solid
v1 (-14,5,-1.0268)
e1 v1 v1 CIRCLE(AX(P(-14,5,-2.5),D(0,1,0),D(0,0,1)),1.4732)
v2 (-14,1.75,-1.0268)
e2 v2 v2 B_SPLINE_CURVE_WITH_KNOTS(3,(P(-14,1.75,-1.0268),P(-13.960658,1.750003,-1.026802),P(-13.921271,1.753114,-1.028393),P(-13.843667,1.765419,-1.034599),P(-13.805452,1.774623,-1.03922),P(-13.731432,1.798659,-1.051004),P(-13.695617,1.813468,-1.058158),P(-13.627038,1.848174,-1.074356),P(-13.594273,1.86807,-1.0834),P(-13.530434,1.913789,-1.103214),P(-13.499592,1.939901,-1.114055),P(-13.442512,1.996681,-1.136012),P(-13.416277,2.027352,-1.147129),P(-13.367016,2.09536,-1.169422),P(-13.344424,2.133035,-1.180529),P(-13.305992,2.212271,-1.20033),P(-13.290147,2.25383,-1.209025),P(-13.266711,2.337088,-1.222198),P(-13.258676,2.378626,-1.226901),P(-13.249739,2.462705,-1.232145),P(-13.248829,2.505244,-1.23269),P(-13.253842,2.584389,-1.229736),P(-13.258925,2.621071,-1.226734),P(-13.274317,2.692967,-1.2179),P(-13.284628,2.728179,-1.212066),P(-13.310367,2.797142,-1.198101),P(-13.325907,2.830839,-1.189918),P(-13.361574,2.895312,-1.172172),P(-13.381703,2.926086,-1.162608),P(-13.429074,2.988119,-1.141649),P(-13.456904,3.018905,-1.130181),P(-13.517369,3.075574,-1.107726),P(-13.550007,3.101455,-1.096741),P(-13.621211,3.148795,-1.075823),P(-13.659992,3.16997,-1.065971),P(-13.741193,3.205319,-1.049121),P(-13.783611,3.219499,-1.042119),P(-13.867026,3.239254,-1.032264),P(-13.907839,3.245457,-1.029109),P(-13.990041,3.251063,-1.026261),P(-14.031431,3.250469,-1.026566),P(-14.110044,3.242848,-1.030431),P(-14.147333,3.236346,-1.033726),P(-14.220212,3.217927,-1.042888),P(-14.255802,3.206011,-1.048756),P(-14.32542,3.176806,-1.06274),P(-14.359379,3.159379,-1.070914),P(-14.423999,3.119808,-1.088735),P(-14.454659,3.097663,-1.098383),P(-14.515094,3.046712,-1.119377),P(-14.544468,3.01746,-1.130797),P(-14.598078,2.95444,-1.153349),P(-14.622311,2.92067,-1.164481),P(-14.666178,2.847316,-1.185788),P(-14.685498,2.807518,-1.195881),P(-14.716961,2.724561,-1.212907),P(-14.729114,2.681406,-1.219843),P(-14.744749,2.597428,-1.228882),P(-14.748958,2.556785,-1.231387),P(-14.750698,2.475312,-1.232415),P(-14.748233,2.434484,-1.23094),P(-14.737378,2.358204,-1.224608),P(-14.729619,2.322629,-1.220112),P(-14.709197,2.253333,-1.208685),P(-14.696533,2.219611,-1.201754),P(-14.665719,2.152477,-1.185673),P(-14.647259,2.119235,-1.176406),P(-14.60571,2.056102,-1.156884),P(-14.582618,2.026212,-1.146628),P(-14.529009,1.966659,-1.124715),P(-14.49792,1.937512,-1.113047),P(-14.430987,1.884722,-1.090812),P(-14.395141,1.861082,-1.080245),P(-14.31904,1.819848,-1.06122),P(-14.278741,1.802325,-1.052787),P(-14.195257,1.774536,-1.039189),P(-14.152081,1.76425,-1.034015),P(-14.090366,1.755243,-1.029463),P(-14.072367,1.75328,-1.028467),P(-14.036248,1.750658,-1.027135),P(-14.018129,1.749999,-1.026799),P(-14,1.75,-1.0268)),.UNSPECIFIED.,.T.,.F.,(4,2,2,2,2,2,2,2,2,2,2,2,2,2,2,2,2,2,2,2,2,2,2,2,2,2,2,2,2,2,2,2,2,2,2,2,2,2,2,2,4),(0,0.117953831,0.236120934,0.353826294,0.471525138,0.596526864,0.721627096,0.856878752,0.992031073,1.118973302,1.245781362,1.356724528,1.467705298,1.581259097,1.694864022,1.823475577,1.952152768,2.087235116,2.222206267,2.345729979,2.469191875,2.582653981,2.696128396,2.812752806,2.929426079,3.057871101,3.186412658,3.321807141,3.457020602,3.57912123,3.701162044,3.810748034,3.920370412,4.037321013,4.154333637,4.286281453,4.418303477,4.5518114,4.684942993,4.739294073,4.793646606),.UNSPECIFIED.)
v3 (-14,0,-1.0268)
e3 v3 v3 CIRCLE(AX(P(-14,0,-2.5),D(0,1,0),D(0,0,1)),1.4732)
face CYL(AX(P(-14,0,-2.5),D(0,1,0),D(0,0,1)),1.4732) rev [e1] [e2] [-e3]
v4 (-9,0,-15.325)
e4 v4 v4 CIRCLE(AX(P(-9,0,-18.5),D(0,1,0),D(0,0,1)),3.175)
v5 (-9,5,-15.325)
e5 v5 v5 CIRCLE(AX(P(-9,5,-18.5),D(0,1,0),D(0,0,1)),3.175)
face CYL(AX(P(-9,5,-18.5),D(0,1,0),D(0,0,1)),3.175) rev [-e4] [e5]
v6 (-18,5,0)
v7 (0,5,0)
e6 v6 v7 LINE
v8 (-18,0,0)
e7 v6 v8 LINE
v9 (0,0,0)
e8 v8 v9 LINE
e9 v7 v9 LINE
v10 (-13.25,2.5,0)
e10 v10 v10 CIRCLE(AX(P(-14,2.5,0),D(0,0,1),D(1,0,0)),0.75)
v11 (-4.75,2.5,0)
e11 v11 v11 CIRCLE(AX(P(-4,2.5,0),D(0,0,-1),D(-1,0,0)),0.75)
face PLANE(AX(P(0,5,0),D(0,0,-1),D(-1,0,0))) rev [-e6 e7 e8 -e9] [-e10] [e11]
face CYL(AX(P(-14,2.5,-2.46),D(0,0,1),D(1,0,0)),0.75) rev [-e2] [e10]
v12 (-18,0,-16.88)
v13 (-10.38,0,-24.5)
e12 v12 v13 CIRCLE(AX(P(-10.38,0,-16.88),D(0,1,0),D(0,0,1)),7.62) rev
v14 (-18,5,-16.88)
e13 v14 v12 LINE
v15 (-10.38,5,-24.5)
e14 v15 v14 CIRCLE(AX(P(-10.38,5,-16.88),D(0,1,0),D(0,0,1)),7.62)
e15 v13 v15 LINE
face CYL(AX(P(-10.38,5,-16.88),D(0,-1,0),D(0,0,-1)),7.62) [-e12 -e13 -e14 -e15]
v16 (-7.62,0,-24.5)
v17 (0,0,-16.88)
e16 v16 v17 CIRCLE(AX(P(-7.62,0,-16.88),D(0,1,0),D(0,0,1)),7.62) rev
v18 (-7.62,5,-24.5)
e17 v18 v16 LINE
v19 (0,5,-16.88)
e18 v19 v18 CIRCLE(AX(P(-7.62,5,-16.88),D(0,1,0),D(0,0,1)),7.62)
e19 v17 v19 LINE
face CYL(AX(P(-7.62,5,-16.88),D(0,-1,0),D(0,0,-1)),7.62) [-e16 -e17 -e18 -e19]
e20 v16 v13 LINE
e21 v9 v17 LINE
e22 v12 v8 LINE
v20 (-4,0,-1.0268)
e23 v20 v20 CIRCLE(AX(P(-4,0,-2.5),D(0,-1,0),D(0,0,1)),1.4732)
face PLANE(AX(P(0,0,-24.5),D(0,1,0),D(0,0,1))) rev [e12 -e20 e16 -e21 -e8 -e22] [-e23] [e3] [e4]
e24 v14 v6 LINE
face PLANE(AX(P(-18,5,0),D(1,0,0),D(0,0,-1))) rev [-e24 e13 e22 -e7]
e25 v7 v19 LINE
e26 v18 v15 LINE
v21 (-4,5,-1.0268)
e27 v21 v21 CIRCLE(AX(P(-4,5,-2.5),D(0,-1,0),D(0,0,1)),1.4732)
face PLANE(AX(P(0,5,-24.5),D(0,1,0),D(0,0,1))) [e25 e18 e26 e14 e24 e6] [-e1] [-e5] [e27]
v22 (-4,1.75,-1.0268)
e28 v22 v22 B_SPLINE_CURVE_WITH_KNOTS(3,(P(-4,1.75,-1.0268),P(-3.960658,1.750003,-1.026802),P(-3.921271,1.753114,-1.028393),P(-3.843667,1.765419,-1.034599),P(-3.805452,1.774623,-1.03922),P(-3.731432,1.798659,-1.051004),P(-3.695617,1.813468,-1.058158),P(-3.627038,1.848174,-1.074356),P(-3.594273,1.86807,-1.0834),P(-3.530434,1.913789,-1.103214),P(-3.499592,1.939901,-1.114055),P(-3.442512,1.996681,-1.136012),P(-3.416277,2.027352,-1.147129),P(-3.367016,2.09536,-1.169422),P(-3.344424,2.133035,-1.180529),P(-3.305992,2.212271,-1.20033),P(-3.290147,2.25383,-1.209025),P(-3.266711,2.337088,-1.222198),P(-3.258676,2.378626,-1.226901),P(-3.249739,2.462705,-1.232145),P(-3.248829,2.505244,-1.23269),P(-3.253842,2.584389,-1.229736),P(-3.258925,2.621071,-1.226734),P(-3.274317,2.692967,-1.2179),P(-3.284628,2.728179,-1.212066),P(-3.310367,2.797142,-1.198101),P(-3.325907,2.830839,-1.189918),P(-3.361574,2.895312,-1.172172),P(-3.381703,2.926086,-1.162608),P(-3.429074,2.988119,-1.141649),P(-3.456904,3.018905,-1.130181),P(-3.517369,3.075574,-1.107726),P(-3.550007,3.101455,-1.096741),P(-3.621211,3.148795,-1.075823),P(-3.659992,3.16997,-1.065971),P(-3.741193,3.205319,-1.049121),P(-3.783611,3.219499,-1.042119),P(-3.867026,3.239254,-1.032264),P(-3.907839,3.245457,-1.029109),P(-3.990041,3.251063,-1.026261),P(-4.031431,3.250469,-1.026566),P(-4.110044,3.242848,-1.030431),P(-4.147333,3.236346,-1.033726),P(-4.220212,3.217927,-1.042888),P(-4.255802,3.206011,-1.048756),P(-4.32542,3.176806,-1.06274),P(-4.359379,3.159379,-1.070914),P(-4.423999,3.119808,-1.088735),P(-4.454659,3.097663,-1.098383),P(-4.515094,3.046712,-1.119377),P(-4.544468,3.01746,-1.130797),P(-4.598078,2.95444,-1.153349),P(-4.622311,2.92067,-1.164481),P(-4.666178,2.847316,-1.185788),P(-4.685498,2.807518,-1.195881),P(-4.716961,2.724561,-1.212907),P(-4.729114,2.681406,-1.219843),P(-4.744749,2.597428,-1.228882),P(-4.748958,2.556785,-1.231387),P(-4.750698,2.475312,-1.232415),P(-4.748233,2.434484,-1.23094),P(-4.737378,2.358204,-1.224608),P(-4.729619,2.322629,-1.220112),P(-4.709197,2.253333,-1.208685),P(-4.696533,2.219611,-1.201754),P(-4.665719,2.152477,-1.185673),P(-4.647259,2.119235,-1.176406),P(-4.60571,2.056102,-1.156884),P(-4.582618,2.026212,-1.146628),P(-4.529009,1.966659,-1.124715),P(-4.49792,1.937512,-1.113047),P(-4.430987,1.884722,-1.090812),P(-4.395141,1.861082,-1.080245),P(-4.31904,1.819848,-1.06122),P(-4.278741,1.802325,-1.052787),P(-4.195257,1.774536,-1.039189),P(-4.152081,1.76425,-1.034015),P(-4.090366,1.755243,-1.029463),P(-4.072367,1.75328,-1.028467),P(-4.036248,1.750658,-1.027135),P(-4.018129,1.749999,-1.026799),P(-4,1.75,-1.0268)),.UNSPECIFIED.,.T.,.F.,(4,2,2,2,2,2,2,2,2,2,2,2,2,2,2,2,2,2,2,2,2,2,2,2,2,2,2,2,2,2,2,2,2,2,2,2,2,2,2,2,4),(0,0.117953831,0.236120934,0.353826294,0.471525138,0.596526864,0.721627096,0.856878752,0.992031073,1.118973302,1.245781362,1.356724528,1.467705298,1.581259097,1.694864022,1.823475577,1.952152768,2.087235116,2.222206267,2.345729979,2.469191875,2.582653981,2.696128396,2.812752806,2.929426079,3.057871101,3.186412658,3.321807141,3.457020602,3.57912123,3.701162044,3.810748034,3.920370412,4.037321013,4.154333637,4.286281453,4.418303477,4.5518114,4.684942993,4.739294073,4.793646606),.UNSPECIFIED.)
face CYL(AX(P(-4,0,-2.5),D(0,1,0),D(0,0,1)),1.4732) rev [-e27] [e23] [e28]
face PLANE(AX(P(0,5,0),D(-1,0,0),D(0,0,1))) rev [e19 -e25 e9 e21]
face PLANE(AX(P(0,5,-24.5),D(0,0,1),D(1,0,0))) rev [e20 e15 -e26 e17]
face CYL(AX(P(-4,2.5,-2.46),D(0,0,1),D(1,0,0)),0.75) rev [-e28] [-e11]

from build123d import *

# Parameters (mm, degrees)
SKETCH1_W                         = 18
SKETCH1_H                         = 24.5
EXTRUDE1_DEPTH                    = 5
SKETCH3_R                         = 1.4732
EXTRUDE2_DEPTH                    = 6
SKETCH4_R                         = 0.75
EXTRUDE3_DEPTH                    = 2.46
FILLET1_R                         = 7.62
F_1_4_20_TAPPED_HOLE1_D           = 5.1054
F_1_4_20_TAPPED_HOLE1_DEPTH       = 16.51
F_1_4_20_TAPPED_HOLE1_CBORE_D     = 6.35
F_1_4_20_TAPPED_HOLE1_CBORE_DEPTH = 12.7
F_1_4_20_TAPPED_HOLE1_TIP         = 1.533816902


with BuildPart() as part:
    # Sketch1 → Extrude1 (new body)
    with BuildSketch(Plane(origin=(0, 0, 0), x_dir=(1, 0, 0), z_dir=(0, 1, 0))):
        with Locations((-9, 12.25)):
            Rectangle(SKETCH1_W, SKETCH1_H)
    extrude(amount=EXTRUDE1_DEPTH)

    # Sketch3 → Extrude2 (cut, through all)
    with BuildSketch(Plane(origin=(0, 5, 0), x_dir=(1, 0, 0), z_dir=(0, 1, 0))):
        with Locations(Location((-14, 2.5, 0), (0, 0, 270))):  # turned: the seam where the file's is
            Circle(SKETCH3_R)
    extrude2 = extrude(amount=-EXTRUDE2_DEPTH, mode=Mode.SUBTRACT)

    # Sketch4 → Extrude3 (cut)
    with BuildSketch(Plane.XY):
        with Locations((-14, 2.5)):
            Circle(SKETCH4_R)
    extrude3 = extrude(amount=-EXTRUDE3_DEPTH, mode=Mode.SUBTRACT)

    # Mirror1: Extrude2, Extrude3 across plane
    add(extrude2.mirror(Plane(origin=(-9, 0, 0), x_dir=(0, 0, 1), z_dir=(1, 0, 0))), mode=Mode.SUBTRACT)
    add(extrude3.mirror(Plane(origin=(-9, 0, 0), x_dir=(0, 0, 1), z_dir=(1, 0, 0))), mode=Mode.SUBTRACT)

    # Fillet1
    fillet1_edges = [part.edges().sort_by_distance(p)[0] for p in [
        (-18, 2.5, -24.5),
        (0, 2.5, -24.5),
    ]]
    fillet(fillet1_edges, radius=FILLET1_R)

    # 1/4-20 Tapped Hole1
    with Locations(Plane(origin=(-9, 5, -18.5), x_dir=(0, 0, 1), z_dir=(0, 1, 0))):
        with Locations((0, 0)):
            CounterBoreHole(F_1_4_20_TAPPED_HOLE1_D / 2, F_1_4_20_TAPPED_HOLE1_CBORE_D / 2, F_1_4_20_TAPPED_HOLE1_CBORE_DEPTH, depth=F_1_4_20_TAPPED_HOLE1_DEPTH)
            with Locations((0, 0, -(F_1_4_20_TAPPED_HOLE1_DEPTH + F_1_4_20_TAPPED_HOLE1_TIP / 2))):  # 118° drill point
                Cone(0, F_1_4_20_TAPPED_HOLE1_D / 2, F_1_4_20_TAPPED_HOLE1_TIP, mode=Mode.SUBTRACT)


solid = part.part
